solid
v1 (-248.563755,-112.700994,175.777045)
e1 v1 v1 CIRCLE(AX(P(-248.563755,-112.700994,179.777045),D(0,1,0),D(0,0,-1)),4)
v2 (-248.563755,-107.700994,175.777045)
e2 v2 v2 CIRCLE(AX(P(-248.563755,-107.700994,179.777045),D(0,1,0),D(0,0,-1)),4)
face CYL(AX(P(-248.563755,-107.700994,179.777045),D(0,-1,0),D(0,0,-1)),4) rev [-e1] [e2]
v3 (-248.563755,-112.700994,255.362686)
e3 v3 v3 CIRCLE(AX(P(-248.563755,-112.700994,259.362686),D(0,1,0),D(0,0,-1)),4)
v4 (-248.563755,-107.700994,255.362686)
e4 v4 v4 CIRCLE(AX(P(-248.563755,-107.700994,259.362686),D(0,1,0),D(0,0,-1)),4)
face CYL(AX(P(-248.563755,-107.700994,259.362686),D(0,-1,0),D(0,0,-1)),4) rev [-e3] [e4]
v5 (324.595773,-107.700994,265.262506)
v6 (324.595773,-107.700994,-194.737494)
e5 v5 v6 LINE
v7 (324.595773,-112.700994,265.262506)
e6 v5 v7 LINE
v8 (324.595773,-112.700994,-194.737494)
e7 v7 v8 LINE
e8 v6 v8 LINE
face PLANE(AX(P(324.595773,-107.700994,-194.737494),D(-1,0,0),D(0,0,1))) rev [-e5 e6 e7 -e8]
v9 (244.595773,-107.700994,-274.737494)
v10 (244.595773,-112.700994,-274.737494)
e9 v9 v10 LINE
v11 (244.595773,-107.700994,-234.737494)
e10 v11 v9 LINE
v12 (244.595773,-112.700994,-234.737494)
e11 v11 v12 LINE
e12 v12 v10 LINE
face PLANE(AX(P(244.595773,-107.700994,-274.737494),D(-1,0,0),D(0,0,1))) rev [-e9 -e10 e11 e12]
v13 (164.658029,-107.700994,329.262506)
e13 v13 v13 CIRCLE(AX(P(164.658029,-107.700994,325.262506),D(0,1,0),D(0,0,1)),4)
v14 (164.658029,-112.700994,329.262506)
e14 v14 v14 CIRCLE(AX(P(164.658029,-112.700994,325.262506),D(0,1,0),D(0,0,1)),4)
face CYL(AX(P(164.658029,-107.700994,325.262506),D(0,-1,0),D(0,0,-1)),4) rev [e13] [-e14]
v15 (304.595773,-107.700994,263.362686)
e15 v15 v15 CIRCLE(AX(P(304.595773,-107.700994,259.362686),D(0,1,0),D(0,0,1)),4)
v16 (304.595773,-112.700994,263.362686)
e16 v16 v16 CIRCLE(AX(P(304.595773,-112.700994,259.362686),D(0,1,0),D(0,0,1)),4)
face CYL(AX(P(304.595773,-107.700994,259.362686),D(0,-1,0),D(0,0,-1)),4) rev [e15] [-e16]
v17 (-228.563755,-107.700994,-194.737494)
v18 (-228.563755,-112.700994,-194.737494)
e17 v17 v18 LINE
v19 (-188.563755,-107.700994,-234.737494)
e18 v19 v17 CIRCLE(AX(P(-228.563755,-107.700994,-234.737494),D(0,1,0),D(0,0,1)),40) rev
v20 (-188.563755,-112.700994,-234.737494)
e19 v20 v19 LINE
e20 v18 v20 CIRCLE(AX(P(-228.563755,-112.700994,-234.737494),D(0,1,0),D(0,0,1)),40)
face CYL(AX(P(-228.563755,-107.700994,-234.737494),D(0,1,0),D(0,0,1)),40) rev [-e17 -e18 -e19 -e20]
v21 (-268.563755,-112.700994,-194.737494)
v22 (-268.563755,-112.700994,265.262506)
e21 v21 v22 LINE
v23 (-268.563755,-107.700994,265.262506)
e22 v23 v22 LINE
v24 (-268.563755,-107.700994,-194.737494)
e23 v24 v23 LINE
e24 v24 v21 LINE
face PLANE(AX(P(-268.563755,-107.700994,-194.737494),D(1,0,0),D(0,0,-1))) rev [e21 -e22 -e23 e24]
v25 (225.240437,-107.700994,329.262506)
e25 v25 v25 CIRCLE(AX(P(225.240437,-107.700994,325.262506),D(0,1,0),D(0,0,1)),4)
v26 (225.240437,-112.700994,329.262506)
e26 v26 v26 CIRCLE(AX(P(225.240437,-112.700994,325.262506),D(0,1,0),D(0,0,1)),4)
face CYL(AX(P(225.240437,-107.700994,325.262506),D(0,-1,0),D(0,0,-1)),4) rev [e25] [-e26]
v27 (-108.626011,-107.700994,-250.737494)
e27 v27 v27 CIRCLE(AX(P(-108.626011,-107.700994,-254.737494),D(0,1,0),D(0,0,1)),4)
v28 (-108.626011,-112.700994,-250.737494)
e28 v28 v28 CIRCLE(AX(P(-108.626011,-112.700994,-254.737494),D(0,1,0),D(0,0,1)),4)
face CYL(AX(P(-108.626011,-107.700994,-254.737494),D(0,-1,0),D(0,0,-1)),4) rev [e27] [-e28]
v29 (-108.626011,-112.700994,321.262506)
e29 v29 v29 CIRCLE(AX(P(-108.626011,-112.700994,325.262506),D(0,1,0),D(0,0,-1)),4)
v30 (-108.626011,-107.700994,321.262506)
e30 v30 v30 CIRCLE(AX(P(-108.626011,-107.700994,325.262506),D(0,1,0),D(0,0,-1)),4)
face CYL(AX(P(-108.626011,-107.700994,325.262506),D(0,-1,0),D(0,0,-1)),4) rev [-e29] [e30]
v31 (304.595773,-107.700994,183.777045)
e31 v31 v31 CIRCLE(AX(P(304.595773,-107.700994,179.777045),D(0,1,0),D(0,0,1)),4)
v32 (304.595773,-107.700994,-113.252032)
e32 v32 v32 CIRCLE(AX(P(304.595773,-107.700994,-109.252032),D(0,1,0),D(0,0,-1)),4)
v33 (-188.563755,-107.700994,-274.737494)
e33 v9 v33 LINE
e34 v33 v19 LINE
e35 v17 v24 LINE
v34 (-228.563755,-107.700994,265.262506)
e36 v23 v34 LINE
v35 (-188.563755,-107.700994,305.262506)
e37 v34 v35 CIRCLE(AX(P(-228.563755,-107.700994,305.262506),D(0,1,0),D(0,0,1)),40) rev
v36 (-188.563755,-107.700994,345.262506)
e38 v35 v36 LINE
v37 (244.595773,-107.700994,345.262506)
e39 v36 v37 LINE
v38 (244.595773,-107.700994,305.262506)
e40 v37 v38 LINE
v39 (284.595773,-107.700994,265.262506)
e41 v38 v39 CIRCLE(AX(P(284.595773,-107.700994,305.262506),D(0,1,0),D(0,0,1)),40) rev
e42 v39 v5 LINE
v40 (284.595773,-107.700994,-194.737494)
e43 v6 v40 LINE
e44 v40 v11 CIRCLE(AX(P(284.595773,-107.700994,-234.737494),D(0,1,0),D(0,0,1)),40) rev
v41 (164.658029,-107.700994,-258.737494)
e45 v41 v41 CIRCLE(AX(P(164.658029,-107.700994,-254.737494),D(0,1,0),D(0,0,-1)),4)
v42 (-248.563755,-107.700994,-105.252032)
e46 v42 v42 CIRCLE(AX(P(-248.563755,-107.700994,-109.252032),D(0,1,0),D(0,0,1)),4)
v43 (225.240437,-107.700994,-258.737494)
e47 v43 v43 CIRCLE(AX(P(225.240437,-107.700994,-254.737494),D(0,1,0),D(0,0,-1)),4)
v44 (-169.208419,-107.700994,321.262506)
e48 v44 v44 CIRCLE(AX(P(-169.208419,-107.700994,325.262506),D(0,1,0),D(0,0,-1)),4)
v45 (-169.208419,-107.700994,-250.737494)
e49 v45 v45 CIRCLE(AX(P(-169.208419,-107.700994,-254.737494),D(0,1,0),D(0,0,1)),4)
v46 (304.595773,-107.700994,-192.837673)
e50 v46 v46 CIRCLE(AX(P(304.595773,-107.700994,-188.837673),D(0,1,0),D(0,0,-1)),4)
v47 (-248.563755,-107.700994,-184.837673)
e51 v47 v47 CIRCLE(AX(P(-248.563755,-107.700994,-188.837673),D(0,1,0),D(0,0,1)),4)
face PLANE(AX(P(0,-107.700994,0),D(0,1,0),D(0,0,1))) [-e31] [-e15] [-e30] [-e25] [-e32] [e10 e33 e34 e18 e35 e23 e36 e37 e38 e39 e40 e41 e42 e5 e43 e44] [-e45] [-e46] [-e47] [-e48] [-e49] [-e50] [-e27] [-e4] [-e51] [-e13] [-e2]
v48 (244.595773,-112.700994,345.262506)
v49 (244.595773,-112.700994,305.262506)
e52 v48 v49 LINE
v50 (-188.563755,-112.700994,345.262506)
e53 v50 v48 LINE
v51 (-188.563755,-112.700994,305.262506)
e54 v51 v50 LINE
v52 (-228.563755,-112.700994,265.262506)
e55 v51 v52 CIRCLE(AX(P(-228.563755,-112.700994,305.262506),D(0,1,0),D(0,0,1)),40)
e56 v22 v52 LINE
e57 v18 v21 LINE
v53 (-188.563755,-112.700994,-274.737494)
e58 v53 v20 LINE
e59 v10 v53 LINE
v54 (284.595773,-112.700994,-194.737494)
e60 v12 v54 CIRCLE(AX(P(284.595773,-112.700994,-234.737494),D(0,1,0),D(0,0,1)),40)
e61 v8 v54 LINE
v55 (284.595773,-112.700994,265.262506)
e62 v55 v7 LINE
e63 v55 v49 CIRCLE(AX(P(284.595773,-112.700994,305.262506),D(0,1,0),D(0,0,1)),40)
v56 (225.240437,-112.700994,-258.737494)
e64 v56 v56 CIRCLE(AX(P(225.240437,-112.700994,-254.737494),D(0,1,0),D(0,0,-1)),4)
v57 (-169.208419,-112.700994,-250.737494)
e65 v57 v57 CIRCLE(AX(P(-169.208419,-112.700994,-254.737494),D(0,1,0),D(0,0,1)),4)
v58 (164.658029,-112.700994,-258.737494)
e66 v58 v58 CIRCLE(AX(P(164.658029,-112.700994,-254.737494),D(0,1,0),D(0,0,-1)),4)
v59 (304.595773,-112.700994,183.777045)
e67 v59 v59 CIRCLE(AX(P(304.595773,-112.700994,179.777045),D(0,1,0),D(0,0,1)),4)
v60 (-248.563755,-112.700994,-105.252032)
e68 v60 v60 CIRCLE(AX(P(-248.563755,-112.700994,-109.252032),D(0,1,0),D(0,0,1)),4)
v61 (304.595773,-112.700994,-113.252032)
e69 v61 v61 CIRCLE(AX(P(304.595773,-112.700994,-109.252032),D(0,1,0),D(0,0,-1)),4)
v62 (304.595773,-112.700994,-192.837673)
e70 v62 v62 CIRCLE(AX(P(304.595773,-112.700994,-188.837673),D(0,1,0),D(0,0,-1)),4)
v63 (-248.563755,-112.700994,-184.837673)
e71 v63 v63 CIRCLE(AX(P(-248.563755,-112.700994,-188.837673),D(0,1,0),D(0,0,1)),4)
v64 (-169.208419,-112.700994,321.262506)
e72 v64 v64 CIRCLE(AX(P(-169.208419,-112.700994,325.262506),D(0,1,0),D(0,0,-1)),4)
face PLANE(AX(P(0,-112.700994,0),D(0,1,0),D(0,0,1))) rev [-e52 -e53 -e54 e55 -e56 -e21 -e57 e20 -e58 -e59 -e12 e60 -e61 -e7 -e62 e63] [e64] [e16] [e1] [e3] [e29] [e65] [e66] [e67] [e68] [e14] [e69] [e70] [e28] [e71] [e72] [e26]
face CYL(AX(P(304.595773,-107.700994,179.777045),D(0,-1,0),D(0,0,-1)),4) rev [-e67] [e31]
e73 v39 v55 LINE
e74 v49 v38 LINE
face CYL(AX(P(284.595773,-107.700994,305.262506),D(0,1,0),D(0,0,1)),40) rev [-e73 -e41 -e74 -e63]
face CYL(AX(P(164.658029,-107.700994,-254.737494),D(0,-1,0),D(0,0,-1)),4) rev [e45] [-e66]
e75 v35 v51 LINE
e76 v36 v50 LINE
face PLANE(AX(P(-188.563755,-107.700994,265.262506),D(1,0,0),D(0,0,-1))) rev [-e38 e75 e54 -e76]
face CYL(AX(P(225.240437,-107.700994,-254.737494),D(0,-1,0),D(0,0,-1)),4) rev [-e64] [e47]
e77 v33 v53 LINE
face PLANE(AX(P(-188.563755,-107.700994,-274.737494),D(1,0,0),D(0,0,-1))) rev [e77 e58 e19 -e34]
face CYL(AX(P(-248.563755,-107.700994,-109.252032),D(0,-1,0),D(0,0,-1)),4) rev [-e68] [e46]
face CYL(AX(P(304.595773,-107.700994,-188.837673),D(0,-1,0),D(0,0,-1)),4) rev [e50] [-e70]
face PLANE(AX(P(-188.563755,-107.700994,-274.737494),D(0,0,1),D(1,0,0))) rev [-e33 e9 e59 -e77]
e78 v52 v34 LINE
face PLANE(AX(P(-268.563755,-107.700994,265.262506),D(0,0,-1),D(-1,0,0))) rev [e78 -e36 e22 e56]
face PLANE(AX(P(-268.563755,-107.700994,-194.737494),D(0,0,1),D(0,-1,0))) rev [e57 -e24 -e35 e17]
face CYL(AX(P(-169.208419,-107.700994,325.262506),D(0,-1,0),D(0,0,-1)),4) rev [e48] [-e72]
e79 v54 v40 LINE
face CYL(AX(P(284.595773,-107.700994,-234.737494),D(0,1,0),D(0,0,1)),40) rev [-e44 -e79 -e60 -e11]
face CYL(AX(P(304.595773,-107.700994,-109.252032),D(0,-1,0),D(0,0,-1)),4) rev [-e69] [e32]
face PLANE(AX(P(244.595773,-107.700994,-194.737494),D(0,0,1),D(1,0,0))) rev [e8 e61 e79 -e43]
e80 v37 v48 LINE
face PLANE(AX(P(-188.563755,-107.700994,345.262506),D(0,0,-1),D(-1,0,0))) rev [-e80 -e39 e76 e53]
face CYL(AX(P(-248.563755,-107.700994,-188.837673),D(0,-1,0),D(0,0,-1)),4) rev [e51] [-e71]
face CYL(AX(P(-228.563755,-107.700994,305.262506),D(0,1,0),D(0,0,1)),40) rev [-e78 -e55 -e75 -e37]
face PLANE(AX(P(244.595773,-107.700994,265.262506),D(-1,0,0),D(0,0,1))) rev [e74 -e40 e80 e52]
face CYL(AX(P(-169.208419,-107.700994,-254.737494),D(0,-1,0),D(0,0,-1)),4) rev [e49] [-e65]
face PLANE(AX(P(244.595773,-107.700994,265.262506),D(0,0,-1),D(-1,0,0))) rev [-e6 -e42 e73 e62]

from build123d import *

# Parameters (mm, degrees)
SKETCH2_R           = 4
BOSS_EXTRUDE1_DEPTH = 5
FILLET1_R           = 40


with BuildPart() as part:
    # Sketch2 → Boss-Extrude1 (new body)
    with BuildSketch(Plane(origin=(0, -112.700994014, 0), x_dir=(1, 0, 0), z_dir=(0, 1, 0))):
        Polygon((-188.563755175, 274.737493623), (244.595772671, 274.737493623), (244.595772671, 194.737493623), (324.595772671, 194.737493623), (324.595772671, -265.262506377), (244.595772671, -265.262506377), (244.595772671, -345.262506377), (-188.563755175, -345.262506377), (-188.563755175, -265.262506377), (-268.563755175, -265.262506377), (-268.563755175, 194.737493623), (-188.563755175, 194.737493623), align=None)
        with Locations(Location((-169.208419226, 254.737493623, 0), (0, 0, 270))):
            Circle(SKETCH2_R, mode=Mode.SUBTRACT)
        with Locations(Location((-108.626011264, 254.737493623, 0), (0, 0, 270))):
            Circle(SKETCH2_R, mode=Mode.SUBTRACT)
        with Locations(Location((-248.563755175, 188.837673249, 0), (0, 0, 270))):
            Circle(SKETCH2_R, mode=Mode.SUBTRACT)
        with Locations(Location((-248.563755175, 109.252031995, 0), (0, 0, 270))):
            Circle(SKETCH2_R, mode=Mode.SUBTRACT)
        with Locations(Location((304.595772671, 109.252031995, 0), (0, 0, 90))):
            Circle(SKETCH2_R, mode=Mode.SUBTRACT)
        with Locations(Location((164.658028761, 254.737493623, 0), (0, 0, 90))):
            Circle(SKETCH2_R, mode=Mode.SUBTRACT)
        with Locations(Location((225.240436722, 254.737493623, 0), (0, 0, 90))):
            Circle(SKETCH2_R, mode=Mode.SUBTRACT)
        with Locations(Location((304.595772671, 188.837673249, 0), (0, 0, 90))):
            Circle(SKETCH2_R, mode=Mode.SUBTRACT)
        with Locations(Location((304.595772671, -259.362686002, 0), (0, 0, 270))):
            Circle(SKETCH2_R, mode=Mode.SUBTRACT)
        with Locations(Location((225.240436722, -325.262506377, 0), (0, 0, 270))):
            Circle(SKETCH2_R, mode=Mode.SUBTRACT)
        with Locations(Location((164.658028761, -325.262506377, 0), (0, 0, 270))):
            Circle(SKETCH2_R, mode=Mode.SUBTRACT)
        with Locations(Location((304.595772671, -179.777044749, 0), (0, 0, 270))):
            Circle(SKETCH2_R, mode=Mode.SUBTRACT)
        with Locations(Location((-248.563755175, -179.777044749, 0), (0, 0, 90))):
            Circle(SKETCH2_R, mode=Mode.SUBTRACT)
        with Locations(Location((-248.563755175, -259.362686002, 0), (0, 0, 90))):
            Circle(SKETCH2_R, mode=Mode.SUBTRACT)
        with Locations(Location((-108.626011264, -325.262506377, 0), (0, 0, 90))):
            Circle(SKETCH2_R, mode=Mode.SUBTRACT)
        with Locations(Location((-169.208419226, -325.262506377, 0), (0, 0, 90))):
            Circle(SKETCH2_R, mode=Mode.SUBTRACT)
    extrude(amount=BOSS_EXTRUDE1_DEPTH)

    # Fillet1
    fillet1_edges = [part.edges().sort_by_distance(p)[0] for p in [
        (244.595772671, -110.200994014, -194.737493623),
        (244.595772671, -110.200994014, 265.262506377),
        (-188.563755175, -110.200994014, 265.262506377),
        (-188.563755175, -110.200994014, -194.737493623),
    ]]
    fillet(fillet1_edges, radius=FILLET1_R)


solid = part.part
